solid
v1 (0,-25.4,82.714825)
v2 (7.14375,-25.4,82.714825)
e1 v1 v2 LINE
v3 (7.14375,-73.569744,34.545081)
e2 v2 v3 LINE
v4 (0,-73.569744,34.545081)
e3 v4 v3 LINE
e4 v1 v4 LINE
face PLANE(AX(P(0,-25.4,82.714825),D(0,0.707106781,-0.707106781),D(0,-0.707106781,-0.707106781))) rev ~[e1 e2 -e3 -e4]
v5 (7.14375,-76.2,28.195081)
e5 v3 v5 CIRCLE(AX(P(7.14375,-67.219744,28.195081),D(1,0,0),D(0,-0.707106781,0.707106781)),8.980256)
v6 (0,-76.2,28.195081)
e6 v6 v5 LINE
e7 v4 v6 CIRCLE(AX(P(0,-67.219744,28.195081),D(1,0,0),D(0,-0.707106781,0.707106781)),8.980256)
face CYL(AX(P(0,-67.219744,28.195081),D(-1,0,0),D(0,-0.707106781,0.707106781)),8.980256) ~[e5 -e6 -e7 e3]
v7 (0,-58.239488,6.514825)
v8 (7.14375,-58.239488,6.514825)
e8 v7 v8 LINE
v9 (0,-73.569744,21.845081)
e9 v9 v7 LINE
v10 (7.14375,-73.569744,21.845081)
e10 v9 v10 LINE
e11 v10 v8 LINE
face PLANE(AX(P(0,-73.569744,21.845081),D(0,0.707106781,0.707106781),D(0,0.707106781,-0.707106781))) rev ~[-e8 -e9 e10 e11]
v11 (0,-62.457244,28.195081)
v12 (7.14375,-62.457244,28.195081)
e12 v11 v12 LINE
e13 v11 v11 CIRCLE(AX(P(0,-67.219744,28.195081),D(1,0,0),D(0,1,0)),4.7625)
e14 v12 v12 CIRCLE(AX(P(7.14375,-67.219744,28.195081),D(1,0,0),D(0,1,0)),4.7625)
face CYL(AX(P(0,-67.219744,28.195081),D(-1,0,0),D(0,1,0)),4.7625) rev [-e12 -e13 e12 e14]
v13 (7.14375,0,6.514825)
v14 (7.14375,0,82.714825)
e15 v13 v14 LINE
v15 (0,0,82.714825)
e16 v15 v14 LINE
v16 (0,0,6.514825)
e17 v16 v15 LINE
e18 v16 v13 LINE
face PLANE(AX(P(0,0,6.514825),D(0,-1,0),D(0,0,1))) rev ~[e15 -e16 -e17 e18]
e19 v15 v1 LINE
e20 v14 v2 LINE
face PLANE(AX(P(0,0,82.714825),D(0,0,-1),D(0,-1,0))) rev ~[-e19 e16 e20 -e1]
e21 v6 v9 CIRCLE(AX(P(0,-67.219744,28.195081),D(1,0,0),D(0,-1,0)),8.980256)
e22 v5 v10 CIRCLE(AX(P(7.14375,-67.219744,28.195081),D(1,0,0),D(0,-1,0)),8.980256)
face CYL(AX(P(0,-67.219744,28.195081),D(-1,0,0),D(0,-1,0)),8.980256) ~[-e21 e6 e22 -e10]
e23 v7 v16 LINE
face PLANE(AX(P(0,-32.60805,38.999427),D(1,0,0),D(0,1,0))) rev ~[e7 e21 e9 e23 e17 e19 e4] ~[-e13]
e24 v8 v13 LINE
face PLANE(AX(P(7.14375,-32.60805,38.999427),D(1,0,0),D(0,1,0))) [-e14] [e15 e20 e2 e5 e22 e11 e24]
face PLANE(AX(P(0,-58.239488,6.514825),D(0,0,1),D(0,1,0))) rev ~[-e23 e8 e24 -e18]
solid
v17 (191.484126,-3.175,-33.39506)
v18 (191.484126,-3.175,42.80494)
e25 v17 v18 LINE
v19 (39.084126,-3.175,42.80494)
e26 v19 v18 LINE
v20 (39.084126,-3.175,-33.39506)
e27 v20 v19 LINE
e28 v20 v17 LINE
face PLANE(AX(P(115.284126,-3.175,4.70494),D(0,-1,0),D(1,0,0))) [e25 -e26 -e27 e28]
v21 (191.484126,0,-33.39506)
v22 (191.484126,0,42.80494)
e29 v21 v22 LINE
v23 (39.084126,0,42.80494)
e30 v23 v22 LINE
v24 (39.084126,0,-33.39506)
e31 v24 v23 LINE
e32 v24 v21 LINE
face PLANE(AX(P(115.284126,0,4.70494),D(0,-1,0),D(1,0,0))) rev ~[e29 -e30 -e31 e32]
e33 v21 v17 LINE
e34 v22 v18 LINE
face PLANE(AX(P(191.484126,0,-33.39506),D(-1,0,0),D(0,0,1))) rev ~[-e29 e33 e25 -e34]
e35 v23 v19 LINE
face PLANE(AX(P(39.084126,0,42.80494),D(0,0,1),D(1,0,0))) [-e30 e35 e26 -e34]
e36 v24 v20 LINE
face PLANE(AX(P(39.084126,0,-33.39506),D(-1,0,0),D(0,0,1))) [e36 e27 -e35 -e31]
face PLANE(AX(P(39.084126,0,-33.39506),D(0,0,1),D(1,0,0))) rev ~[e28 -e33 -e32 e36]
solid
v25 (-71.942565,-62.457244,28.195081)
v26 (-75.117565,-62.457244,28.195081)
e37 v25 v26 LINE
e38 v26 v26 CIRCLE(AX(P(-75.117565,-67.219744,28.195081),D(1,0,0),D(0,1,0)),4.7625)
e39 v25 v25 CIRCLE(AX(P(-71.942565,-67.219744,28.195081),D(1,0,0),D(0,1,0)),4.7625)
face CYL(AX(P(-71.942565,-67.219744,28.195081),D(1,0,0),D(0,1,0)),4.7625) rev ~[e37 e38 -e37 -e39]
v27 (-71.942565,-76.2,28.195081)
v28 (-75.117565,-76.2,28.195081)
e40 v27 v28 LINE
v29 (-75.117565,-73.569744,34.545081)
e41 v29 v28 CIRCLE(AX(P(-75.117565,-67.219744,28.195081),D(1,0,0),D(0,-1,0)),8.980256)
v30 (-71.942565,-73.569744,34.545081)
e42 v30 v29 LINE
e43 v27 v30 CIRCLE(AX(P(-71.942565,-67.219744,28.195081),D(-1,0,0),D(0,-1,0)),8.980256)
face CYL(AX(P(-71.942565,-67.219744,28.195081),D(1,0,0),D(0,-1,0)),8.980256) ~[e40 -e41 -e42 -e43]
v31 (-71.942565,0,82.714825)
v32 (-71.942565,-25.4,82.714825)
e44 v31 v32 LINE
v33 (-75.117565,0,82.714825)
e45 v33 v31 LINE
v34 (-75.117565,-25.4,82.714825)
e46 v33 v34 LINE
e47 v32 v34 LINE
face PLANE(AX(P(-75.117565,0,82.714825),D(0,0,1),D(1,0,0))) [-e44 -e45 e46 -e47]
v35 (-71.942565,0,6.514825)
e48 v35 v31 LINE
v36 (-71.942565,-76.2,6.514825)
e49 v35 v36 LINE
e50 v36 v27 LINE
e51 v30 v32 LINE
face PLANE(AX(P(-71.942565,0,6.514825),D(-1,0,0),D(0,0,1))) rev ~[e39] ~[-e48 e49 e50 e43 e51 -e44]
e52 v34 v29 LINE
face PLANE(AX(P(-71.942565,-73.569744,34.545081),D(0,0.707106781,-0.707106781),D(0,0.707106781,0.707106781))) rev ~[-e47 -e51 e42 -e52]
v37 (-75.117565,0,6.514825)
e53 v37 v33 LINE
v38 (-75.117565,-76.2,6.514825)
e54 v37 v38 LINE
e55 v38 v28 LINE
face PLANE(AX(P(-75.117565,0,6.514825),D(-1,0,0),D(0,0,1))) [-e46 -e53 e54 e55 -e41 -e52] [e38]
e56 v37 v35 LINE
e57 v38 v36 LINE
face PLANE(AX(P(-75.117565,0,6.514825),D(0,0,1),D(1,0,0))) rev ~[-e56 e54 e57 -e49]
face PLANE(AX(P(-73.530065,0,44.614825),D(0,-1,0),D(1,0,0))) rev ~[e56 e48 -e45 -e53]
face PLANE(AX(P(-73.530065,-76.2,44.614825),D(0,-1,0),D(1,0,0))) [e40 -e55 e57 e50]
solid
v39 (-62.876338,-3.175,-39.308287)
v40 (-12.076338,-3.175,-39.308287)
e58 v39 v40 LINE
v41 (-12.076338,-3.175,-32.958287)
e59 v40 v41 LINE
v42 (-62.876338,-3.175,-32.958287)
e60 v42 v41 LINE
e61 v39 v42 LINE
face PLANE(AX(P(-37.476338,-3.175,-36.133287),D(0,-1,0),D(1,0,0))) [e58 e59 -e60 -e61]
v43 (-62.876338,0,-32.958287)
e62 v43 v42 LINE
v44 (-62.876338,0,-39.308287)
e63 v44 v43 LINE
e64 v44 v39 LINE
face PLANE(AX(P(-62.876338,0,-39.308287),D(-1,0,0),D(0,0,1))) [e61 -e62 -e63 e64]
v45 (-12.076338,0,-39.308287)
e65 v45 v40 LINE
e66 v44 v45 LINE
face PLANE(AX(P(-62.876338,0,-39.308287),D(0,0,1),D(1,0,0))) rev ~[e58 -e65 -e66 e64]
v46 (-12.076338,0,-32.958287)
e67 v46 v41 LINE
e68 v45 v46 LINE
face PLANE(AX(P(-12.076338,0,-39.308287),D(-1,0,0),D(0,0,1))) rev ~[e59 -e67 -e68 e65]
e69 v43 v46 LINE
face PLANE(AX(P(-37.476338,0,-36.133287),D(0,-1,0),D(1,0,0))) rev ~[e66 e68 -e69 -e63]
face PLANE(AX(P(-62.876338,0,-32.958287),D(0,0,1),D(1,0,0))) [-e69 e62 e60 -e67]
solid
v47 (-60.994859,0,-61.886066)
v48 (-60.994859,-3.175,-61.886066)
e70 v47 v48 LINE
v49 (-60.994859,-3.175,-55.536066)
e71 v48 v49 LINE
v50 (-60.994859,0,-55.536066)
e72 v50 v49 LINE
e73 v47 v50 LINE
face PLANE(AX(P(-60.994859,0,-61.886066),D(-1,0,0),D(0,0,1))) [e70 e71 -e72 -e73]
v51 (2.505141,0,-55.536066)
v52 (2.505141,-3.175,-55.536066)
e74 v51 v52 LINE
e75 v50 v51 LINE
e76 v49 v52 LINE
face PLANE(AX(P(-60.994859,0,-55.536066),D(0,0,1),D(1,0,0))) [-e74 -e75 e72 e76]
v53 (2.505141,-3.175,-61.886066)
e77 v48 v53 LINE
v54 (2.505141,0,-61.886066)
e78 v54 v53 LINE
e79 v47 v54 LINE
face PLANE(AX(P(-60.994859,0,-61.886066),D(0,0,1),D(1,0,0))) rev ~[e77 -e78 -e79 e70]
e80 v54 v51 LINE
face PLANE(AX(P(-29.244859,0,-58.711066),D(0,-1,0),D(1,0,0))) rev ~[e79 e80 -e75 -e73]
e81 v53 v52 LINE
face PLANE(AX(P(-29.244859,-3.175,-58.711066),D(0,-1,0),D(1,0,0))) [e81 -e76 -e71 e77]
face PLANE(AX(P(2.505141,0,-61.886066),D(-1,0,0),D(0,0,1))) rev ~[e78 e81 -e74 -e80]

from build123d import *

# Parameters (mm, degrees)
F0_W     = 3.175
F0_H     = 76.2
F1_DEPTH = 76.2
F2_R     = 4.7625
F3_DEPTH = 3.176
F4_R     = 4.7625
F5_DEPTH = 7.14375
F6_W     = 50.8
F6_H     = 6.35
F7_DEPTH = 3.175
F6_W_2   = 63.5
F8_W     = 152.4
F8_H     = 76.2
F9_DEPTH = 3.175


with BuildPart() as f1:
    # F0 (on Front) → F1 (new body)
    with BuildSketch(Plane.XZ):
        with Locations((-73.5300647497, 44.6148249376)):
            Rectangle(F0_W, F0_H)
    extrude(amount=F1_DEPTH)

    # F2 (on face) → F3 (cut, through all)
    with BuildSketch(Plane.YZ.offset(-71.9425647497)):
        with Locations((-67.2197438789, 28.1950810586)):
            Circle(F2_R)
        Polygon((-25.4, 82.7148249376), (-76.2, 82.7148249376), (-76.2, 31.9148249376), (-73.5697438639, 34.5450810737), align=None)
        with BuildLine():
            Line((-73.5697438639, 34.5450810737), (-76.2, 31.9148249376))
            Line((-76.2, 31.9148249376), (-76.2, 28.1950810586))
            ThreePointArc((-76.2, 28.1950810586), (-75.5164187018, 31.6316763044), (-73.5697438639, 34.5450810737))
        make_face()
    extrude(amount=-F3_DEPTH, mode=Mode.SUBTRACT)


with BuildPart() as f5:
    # F4 (on Right) → F5 (new body)
    with BuildSketch(Plane.YZ):
        with BuildLine():
            Line((-25.4, 82.7148249376), (-73.5697438789, 34.5450810586))
            ThreePointArc((-73.5697438789, 34.5450810586), (-63.783148643, 36.4917558856), (-58.2394877579, 28.1950810586))
            ThreePointArc((-58.2394877579, 28.1950810586), (-63.783148643, 19.8984062317), (-73.5697438789, 21.8450810586))
            Line((-73.5697438789, 21.8450810586), (-58.2394877579, 6.5148249376))
            Line((-58.2394877579, 6.5148249376), (0, 6.5148249376))
            Line((0, 6.5148249376), (0, 82.7148249376))
            Line((0, 82.7148249376), (-25.4, 82.7148249376))
        make_face()
        with BuildLine():
            ThreePointArc((-58.2394877579, 28.1950810586), (-63.783148643, 36.4917558856), (-73.5697438789, 34.5450810586))
            ThreePointArc((-73.5697438789, 34.5450810586), (-75.5164187059, 31.6316762946), (-76.2, 28.1950810586))
            ThreePointArc((-76.2, 28.1950810586), (-75.5164187059, 24.7584858227), (-73.5697438789, 21.8450810586))
            ThreePointArc((-73.5697438789, 21.8450810586), (-63.783148643, 19.8984062317), (-58.2394877579, 28.1950810586))
        make_face()
        with Locations((-67.2197438789, 28.1950810586)):
            Circle(F4_R, mode=Mode.SUBTRACT)
    extrude(amount=F5_DEPTH)


with BuildPart() as f7:
    # F6 (on Front) → F7 (new body)
    with BuildSketch(Plane.XZ):
        with Locations((-37.4763381527, -36.1332869839)):
            Rectangle(F6_W, F6_H)
    extrude(amount=F7_DEPTH)


with BuildPart() as f7b:
    # F6 (on Front) → F7, piece 2 (new body)
    with BuildSketch(Plane.XZ):
        with Locations((-29.2448589822, -58.7110662023)):
            Rectangle(F6_W_2, F6_H)
    extrude(amount=F7_DEPTH)


with BuildPart() as f9:
    # F8 (on Front) → F9 (new body)
    with BuildSketch(Plane.XZ):
        with Locations((115.2841262519, 4.7049395782)):
            Rectangle(F8_W, F8_H)
    extrude(amount=F9_DEPTH)


solid = Compound([f1.part, f5.part, f7.part, f7b.part, f9.part])
